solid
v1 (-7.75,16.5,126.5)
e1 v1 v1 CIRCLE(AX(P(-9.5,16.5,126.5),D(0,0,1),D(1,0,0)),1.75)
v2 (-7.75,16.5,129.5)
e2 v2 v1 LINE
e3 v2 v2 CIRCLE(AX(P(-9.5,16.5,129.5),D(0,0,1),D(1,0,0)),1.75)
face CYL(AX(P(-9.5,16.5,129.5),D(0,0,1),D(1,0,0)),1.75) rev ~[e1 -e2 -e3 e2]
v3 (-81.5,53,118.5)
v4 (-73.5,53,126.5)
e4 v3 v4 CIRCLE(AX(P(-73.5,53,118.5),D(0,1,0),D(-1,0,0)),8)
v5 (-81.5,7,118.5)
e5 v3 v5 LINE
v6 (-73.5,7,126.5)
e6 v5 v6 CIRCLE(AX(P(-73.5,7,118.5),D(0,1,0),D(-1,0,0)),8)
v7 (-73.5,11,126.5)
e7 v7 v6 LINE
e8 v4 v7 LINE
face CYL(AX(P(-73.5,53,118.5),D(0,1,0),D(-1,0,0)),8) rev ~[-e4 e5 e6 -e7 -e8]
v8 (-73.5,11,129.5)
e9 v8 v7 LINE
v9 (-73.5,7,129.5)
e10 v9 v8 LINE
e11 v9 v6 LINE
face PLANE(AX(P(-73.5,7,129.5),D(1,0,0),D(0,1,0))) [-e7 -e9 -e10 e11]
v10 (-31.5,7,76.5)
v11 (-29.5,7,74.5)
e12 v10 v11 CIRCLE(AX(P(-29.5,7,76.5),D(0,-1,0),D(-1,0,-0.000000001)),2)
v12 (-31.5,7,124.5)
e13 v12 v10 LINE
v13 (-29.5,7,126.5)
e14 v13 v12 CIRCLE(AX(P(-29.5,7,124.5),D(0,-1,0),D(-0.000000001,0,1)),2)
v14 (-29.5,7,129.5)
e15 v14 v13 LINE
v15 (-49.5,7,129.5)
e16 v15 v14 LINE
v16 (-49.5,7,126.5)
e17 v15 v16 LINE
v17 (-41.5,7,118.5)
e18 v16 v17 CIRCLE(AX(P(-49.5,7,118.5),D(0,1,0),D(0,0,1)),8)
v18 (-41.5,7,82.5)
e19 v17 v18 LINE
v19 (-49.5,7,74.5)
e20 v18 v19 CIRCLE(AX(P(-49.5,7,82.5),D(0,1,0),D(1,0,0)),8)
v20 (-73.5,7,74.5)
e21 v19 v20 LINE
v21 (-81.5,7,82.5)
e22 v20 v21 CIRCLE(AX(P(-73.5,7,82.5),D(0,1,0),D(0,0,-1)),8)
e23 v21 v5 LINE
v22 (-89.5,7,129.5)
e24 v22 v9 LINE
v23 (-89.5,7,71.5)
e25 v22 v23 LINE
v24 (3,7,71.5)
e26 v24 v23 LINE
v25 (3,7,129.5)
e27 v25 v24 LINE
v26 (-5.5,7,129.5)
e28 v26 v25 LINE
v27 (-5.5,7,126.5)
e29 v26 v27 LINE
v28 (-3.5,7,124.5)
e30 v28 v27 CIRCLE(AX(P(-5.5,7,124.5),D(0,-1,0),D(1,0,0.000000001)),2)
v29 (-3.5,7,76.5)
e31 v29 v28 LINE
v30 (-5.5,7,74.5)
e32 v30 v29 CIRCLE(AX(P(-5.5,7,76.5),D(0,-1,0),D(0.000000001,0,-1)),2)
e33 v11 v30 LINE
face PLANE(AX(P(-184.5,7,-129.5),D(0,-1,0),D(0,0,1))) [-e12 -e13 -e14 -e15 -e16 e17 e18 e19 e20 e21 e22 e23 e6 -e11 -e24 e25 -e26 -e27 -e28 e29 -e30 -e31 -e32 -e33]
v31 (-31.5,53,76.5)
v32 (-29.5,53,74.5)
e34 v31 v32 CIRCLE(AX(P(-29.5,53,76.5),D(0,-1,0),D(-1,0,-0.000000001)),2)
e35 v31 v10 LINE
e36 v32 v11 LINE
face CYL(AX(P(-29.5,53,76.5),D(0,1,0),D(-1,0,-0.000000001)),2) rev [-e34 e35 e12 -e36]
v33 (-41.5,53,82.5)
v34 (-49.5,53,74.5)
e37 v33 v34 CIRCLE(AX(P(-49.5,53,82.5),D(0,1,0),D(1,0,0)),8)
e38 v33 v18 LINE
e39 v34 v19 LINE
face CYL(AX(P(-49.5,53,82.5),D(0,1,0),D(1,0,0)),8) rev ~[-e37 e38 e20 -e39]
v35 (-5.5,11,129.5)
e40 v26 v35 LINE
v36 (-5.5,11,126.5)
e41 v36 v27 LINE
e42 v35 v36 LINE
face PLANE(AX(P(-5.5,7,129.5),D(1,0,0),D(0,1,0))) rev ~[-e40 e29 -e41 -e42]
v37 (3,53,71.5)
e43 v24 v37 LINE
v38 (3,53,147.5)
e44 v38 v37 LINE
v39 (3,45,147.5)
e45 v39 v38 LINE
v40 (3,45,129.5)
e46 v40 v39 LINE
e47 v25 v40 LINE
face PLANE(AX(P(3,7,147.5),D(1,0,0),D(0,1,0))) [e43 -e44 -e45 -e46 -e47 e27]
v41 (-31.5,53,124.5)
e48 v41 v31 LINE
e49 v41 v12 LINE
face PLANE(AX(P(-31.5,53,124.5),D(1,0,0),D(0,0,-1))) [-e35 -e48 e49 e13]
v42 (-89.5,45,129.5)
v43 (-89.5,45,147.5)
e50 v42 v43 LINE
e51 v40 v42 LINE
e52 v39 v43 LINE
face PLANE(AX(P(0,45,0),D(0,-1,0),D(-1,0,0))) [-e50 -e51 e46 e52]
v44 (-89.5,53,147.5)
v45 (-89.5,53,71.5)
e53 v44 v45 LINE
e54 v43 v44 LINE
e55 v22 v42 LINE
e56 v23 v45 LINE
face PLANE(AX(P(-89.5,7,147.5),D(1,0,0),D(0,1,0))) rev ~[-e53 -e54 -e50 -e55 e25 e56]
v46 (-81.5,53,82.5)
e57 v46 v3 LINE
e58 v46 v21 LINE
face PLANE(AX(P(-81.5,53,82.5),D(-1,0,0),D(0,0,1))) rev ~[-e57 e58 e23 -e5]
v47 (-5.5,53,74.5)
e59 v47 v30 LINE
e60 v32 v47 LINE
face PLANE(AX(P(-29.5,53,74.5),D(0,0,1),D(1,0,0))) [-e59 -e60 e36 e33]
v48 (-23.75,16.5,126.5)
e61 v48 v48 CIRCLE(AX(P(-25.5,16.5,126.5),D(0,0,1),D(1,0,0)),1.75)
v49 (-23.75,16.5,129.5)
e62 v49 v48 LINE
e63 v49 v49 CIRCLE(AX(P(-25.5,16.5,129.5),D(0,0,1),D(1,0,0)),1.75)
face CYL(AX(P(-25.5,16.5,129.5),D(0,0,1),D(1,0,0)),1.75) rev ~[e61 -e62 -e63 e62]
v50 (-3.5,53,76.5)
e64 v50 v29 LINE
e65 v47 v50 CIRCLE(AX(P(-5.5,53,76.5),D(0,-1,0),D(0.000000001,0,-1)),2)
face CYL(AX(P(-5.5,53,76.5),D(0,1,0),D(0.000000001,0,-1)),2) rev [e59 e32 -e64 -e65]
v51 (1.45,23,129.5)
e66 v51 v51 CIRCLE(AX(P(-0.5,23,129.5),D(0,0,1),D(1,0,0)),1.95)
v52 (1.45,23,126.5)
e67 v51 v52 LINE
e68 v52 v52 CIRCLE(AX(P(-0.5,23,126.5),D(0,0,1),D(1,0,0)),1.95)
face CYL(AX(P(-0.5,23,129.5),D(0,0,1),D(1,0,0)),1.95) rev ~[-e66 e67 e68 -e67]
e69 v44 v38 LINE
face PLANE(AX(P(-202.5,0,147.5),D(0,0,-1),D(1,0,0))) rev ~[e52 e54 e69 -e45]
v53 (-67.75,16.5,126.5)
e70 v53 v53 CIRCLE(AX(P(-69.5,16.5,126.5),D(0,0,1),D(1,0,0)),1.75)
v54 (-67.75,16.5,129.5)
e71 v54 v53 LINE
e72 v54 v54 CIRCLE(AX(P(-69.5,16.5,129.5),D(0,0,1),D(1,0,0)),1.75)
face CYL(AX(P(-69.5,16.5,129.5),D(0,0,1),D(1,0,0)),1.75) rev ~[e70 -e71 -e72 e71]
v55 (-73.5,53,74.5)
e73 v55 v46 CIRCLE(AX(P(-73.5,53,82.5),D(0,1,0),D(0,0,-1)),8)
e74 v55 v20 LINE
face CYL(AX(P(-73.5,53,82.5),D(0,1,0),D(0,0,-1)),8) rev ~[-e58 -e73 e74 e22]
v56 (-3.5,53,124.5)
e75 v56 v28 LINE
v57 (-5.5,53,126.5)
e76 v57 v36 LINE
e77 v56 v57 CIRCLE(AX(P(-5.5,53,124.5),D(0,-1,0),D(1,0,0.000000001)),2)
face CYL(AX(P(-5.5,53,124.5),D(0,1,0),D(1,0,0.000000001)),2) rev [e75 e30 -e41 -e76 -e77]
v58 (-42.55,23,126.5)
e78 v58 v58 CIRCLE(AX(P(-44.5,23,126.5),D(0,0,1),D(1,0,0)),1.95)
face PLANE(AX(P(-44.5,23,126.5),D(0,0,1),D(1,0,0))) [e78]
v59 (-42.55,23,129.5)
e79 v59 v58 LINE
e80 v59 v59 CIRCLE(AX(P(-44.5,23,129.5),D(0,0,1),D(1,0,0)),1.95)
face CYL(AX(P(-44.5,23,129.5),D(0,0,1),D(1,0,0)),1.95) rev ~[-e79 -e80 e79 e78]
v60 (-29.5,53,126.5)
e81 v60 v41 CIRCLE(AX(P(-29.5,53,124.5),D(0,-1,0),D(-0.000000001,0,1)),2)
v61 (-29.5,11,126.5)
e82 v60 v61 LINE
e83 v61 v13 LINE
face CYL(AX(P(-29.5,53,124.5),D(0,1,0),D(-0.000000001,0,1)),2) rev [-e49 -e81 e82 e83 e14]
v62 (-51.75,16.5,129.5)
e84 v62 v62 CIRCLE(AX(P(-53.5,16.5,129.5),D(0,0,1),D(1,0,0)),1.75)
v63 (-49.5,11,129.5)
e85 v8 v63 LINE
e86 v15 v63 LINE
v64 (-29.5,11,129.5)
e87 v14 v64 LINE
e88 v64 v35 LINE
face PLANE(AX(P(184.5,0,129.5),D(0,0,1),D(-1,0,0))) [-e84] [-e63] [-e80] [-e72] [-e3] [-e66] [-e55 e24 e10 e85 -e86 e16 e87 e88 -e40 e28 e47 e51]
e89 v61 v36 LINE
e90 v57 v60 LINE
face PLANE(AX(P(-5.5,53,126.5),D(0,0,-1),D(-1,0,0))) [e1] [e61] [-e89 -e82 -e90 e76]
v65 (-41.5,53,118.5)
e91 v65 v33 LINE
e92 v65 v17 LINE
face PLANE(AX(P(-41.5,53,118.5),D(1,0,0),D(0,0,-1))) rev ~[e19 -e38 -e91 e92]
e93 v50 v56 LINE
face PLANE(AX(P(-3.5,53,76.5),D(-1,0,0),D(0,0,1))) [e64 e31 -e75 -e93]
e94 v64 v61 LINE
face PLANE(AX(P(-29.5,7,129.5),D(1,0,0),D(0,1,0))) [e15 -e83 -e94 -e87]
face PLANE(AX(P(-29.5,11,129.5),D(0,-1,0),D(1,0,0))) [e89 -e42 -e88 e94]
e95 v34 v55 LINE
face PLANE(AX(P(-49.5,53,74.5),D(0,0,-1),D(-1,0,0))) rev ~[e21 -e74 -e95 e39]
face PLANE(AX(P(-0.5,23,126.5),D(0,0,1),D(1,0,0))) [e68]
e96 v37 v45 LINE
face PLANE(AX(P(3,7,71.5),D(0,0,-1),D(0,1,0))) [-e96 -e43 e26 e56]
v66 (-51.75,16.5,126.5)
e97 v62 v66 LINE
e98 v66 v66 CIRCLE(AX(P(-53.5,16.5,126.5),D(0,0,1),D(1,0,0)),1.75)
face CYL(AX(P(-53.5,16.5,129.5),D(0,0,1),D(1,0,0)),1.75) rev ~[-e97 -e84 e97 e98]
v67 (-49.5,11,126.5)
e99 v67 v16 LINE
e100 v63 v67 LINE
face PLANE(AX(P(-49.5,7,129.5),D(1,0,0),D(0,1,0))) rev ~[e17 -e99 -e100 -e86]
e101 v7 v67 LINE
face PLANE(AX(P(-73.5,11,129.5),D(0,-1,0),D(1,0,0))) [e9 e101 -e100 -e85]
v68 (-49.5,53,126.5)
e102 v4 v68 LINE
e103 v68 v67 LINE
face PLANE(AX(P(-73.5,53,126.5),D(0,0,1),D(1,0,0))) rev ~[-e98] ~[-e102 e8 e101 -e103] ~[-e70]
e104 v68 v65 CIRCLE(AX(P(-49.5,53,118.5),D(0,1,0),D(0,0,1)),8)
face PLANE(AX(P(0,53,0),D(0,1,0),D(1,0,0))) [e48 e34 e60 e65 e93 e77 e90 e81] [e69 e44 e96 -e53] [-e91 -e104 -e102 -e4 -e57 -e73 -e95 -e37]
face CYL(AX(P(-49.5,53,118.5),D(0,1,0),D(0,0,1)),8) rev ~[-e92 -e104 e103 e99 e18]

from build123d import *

# Parameters (mm, degrees)
SKETCH1_W                  = 405
SKETCH1_H                  = 295
BOSS_EXTRUDE1_DEPTH        = 53
SKETCH3_OUTSIDE_W          = 507.768
SKETCH3_OUTSIDE_H          = 397.768
SKETCH3_OUTSIDE_W_2        = 369
SKETCH3_OUTSIDE_H_2        = 259
CUT_EXTRUDE2_DEPTH         = 45
MINI_BIN_CUTS_DEPTH        = 46
FILLET1_R                  = 8
SKETCH6_W                  = 259
SKETCH6_H                  = 7
CUT_EXTRUDE5_DEPTH         = 418.533531588
SKETCH8_R                  = 1.75
SKETCH8_R_2                = 1.95
HOLES_LIDS_8_9_12_13_DEPTH = 3
SKETCH9_W                  = 113
SKETCH9_H                  = 46
SKETCH9_W_2                = 199.5
CUT_EXTRUDE6_DEPTH         = 362.718467872
SKETCH10_W                 = 219
SKETCH10_H                 = 46
CUT_EXTRUDE7_DEPTH         = 182.993131739
CUT_EXTRUDE8_REACH         = 121.093
SKETCH11_W                 = 24
SKETCH11_H                 = 4


with BuildPart() as part:
    # Sketch1 → Boss-Extrude1 (new body)
    with BuildSketch(Plane(origin=(0, 0, 0), x_dir=(1, 0, 0), z_dir=(0, 1, 0))):
        Rectangle(SKETCH1_W, SKETCH1_H)
    extrude(amount=BOSS_EXTRUDE1_DEPTH)

    # Sketch3 outside → Cut-Extrude2 (cut)
    with BuildSketch(Plane(origin=(0, 0, 0), x_dir=(-1, 0, 0), z_dir=(0, -1, 0))):
        Rectangle(SKETCH3_OUTSIDE_W, SKETCH3_OUTSIDE_H)
        Rectangle(SKETCH3_OUTSIDE_W_2, SKETCH3_OUTSIDE_H_2, mode=Mode.SUBTRACT)
    extrude(amount=-CUT_EXTRUDE2_DEPTH, mode=Mode.SUBTRACT)

    # Sketch2 → Mini bin cuts (cut)
    with BuildSketch(Plane(origin=(0, 53, 0), x_dir=(1, 0, 0), z_dir=(0, 1, 0))):
        with BuildLine():
            Line((-173.5, -126.5), (-105.5, -126.5))
            ThreePointArc((-105.5, -126.5), (-99.843145751, -124.156854249), (-97.5, -118.5))
            Line((-97.5, -118.5), (-97.5, -49.5))
            ThreePointArc((-97.5, -49.5), (-99.843145751, -43.843145751), (-105.5, -41.5))
            Line((-105.5, -41.5), (-173.5, -41.5))
            ThreePointArc((-173.5, -41.5), (-179.156854249, -43.843145751), (-181.5, -49.5))
            Line((-181.5, -49.5), (-181.5, -118.5))
            ThreePointArc((-181.5, -118.5), (-179.156854249, -124.156854249), (-173.5, -126.5))
        make_face()
        with BuildLine():
            Line((-173.5, -31.5), (-105.5, -31.5))
            ThreePointArc((-105.5, -31.5), (-99.843145751, -29.156854249), (-97.5, -23.5))
            Line((-97.5, -23.5), (-97.5, 40.5))
            ThreePointArc((-97.5, 40.5), (-99.843145751, 46.156854249), (-105.5, 48.5))
            Line((-105.5, 48.5), (-173.5, 48.5))
            ThreePointArc((-173.5, 48.5), (-179.156854249, 46.156854249), (-181.5, 40.5))
            Line((-181.5, 40.5), (-181.5, -23.5))
            ThreePointArc((-181.5, -23.5), (-179.156854249, -29.156854249), (-173.5, -31.5))
        make_face()
        with BuildLine():
            Line((-173.5, 126.5), (-105.5, 126.5))
            ThreePointArc((-105.5, 126.5), (-99.843145751, 124.156854249), (-97.5, 118.5))
            Line((-97.5, 118.5), (-97.5, 66.5))
            ThreePointArc((-97.5, 66.5), (-99.843145751, 60.843145751), (-105.5, 58.5))
            Line((-105.5, 58.5), (-173.5, 58.5))
            ThreePointArc((-173.5, 58.5), (-179.156854249, 60.843145751), (-181.5, 66.5))
            Line((-181.5, 66.5), (-181.5, 118.5))
            ThreePointArc((-181.5, 118.5), (-179.156854249, 124.156854249), (-173.5, 126.5))
        make_face()
        with BuildLine():
            Line((173.5, -126.5), (115.5, -126.5))
            ThreePointArc((115.5, -126.5), (109.843145751, -124.156854249), (107.5, -118.5))
            Line((107.5, -118.5), (107.5, 7.5))
            ThreePointArc((107.5, 7.5), (109.843145751, 13.156854249), (115.5, 15.5))
            Line((115.5, 15.5), (173.5, 15.5))
            ThreePointArc((173.5, 15.5), (179.156854249, 13.156854249), (181.5, 7.5))
            Line((181.5, 7.5), (181.5, -118.5))
            ThreePointArc((181.5, -118.5), (179.156854249, -124.156854249), (173.5, -126.5))
        make_face()
        with BuildLine():
            Line((173.5, 126.5), (107.5, 126.5))
            ThreePointArc((107.5, 126.5), (101.843145751, 124.156854249), (99.5, 118.5))
            Line((99.5, 118.5), (99.5, 33.5))
            ThreePointArc((99.5, 33.5), (101.843145751, 27.843145751), (107.5, 25.5))
            Line((107.5, 25.5), (173.5, 25.5))
            ThreePointArc((173.5, 25.5), (179.156854249, 27.843145751), (181.5, 33.5))
            Line((181.5, 33.5), (181.5, 118.5))
            ThreePointArc((181.5, 118.5), (179.156854249, 124.156854249), (173.5, 126.5))
        make_face()
        with BuildLine():
            Line((81.5, 126.5), (20.5, 126.5))
            ThreePointArc((20.5, 126.5), (14.843145751, 124.156854249), (12.5, 118.5))
            Line((12.5, 118.5), (12.5, -7.5))
            ThreePointArc((12.5, -7.5), (14.843145751, -13.156854249), (20.5, -15.5))
            Line((20.5, -15.5), (81.5, -15.5))
            ThreePointArc((81.5, -15.5), (87.156854249, -13.156854249), (89.5, -7.5))
            Line((89.5, -7.5), (89.5, 118.5))
            ThreePointArc((89.5, 118.5), (87.156854249, 124.156854249), (81.5, 126.5))
        make_face()
        with BuildLine():
            Line((-9.5, 126.5), (-31.5, 126.5))
            ThreePointArc((-31.5, 126.5), (-37.156854249, 124.156854249), (-39.5, 118.5))
            Line((-39.5, 118.5), (-39.5, 11.5))
            ThreePointArc((-39.5, 11.5), (-37.156854249, 5.843145751), (-31.5, 3.5))
            Line((-31.5, 3.5), (-9.5, 3.5))
            ThreePointArc((-9.5, 3.5), (-3.843145751, 5.843145751), (-1.5, 11.5))
            Line((-1.5, 11.5), (-1.5, 118.5))
            ThreePointArc((-1.5, 118.5), (-3.843145751, 124.156854249), (-9.5, 126.5))
        make_face()
        with BuildLine():
            Line((-57.5, 126.5), (-79.5, 126.5))
            ThreePointArc((-79.5, 126.5), (-85.156854249, 124.156854249), (-87.5, 118.5))
            Line((-87.5, 118.5), (-87.5, 11.5))
            ThreePointArc((-87.5, 11.5), (-85.156854249, 5.843145751), (-79.5, 3.5))
            Line((-79.5, 3.5), (-57.5, 3.5))
            ThreePointArc((-57.5, 3.5), (-51.843145751, 5.843145751), (-49.5, 11.5))
            Line((-49.5, 11.5), (-49.5, 118.5))
            ThreePointArc((-49.5, 118.5), (-51.843145751, 124.156854249), (-57.5, 126.5))
        make_face()
        with BuildLine():
            Line((-79.5, -15.5), (-55.5, -15.5))
            ThreePointArc((-55.5, -15.5), (-54.085786438, -16.085786438), (-53.5, -17.5))
            Line((-53.5, -17.5), (-53.5, -65.5))
            ThreePointArc((-53.5, -65.5), (-54.085786438, -66.914213562), (-55.5, -67.5))
            Line((-55.5, -67.5), (-79.5, -67.5))
            ThreePointArc((-79.5, -67.5), (-80.914213562, -66.914213562), (-81.5, -65.5))
            Line((-81.5, -65.5), (-81.5, -17.5))
            ThreePointArc((-81.5, -17.5), (-80.914213562, -16.085786438), (-79.5, -15.5))
        make_face()
        with BuildLine():
            Line((-73.5, -126.5), (-49.5, -126.5))
            ThreePointArc((-49.5, -126.5), (-43.843145751, -124.156854249), (-41.5, -118.5))
            Line((-41.5, -118.5), (-41.5, -82.5))
            ThreePointArc((-41.5, -82.5), (-43.843145751, -76.843145751), (-49.5, -74.5))
            Line((-49.5, -74.5), (-73.5, -74.5))
            ThreePointArc((-73.5, -74.5), (-79.156854249, -76.843145751), (-81.5, -82.5))
            Line((-81.5, -82.5), (-81.5, -118.5))
            ThreePointArc((-81.5, -118.5), (-79.156854249, -124.156854249), (-73.5, -126.5))
        make_face()
        with BuildLine():
            Line((-35.5, -15.5), (-11.5, -15.5))
            ThreePointArc((-11.5, -15.5), (-5.843145751, -17.843145751), (-3.5, -23.5))
            Line((-3.5, -23.5), (-3.5, -59.5))
            ThreePointArc((-3.5, -59.5), (-5.843145751, -65.156854249), (-11.5, -67.5))
            Line((-11.5, -67.5), (-35.5, -67.5))
            ThreePointArc((-35.5, -67.5), (-41.156854249, -65.156854249), (-43.5, -59.5))
            Line((-43.5, -59.5), (-43.5, -23.5))
            ThreePointArc((-43.5, -23.5), (-41.156854249, -17.843145751), (-35.5, -15.5))
        make_face()
        with BuildLine():
            Line((-29.5, -74.5), (-5.5, -74.5))
            ThreePointArc((-5.5, -74.5), (-4.085786438, -75.085786438), (-3.5, -76.5))
            Line((-3.5, -76.5), (-3.5, -124.5))
            ThreePointArc((-3.5, -124.5), (-4.085786438, -125.914213562), (-5.5, -126.5))
            Line((-5.5, -126.5), (-29.5, -126.5))
            ThreePointArc((-29.5, -126.5), (-30.914213562, -125.914213562), (-31.5, -124.5))
            Line((-31.5, -124.5), (-31.5, -76.5))
            ThreePointArc((-31.5, -76.5), (-30.914213562, -75.085786438), (-29.5, -74.5))
        make_face()
        with BuildLine():
            Line((89.5, -126.5), (19.5, -126.5))
            ThreePointArc((19.5, -126.5), (13.843145751, -124.156854249), (11.5, -118.5))
            Line((11.5, -118.5), (11.5, -33.5))
            ThreePointArc((11.5, -33.5), (13.843145751, -27.843145751), (19.5, -25.5))
            Line((19.5, -25.5), (89.5, -25.5))
            ThreePointArc((89.5, -25.5), (95.156854249, -27.843145751), (97.5, -33.5))
            Line((97.5, -33.5), (97.5, -118.5))
            ThreePointArc((97.5, -118.5), (95.156854249, -124.156854249), (89.5, -126.5))
        make_face()
    extrude(amount=-MINI_BIN_CUTS_DEPTH, mode=Mode.SUBTRACT)

    # Fillet1
    fillet1_edges = [part.edges().sort_by_distance(p)[0] for p in [
        (184.5, 22.5, 129.5),
        (184.5, 22.5, -129.5),
        (-184.5, 22.5, -129.5),
        (-184.5, 22.5, 129.5),
    ]]
    fillet(fillet1_edges, radius=FILLET1_R)

    # Sketch6 → Cut-Extrude5 (cut, through all)
    with BuildSketch(Plane.ZY.offset(184.5)):
        with Locations((0, 3.5)):
            Rectangle(SKETCH6_W, SKETCH6_H)
    extrude(amount=-CUT_EXTRUDE5_DEPTH, mode=Mode.SUBTRACT)

    # Sketch8 → Holes Lids 8,9,12,13 (cut)
    with BuildSketch(Plane.XY.offset(129.5)):
        with Locations((-69.5, 16.5)):
            Circle(SKETCH8_R)
        with Locations((-25.5, 16.5)):
            Circle(SKETCH8_R)
        with Locations((46.5, 16.5)):
            Circle(SKETCH8_R)
        with Locations((136.5, 16.5)):
            Circle(SKETCH8_R)
        with Locations((152.5, 16.5)):
            Circle(SKETCH8_R)
        with Locations((62.5, 16.5)):
            Circle(SKETCH8_R)
        with Locations((-9.5, 16.5)):
            Circle(SKETCH8_R)
        with Locations((-53.5, 16.5)):
            Circle(SKETCH8_R)
        with Locations((-44.5, 23)):
            Circle(SKETCH8_R_2)
        with Locations((-0.5, 23)):
            Circle(SKETCH8_R_2)
        with Locations((71.5, 23)):
            Circle(SKETCH8_R_2)
        with Locations((161.5, 23)):
            Circle(SKETCH8_R_2)
    extrude(amount=-HOLES_LIDS_8_9_12_13_DEPTH, mode=Mode.SUBTRACT)

    # Sketch9 → Cut-Extrude6 (cut, through all)
    with BuildSketch(Plane.XY.offset(147.5)):
        with Locations((-146, 30)):
            Rectangle(SKETCH9_W, SKETCH9_H)
        with Locations((102.75, 30)):
            Rectangle(SKETCH9_W_2, SKETCH9_H)
    extrude(amount=-CUT_EXTRUDE6_DEPTH, mode=Mode.SUBTRACT)

    # Sketch10 → Cut-Extrude7 (cut, through all)
    with BuildSketch(Plane(origin=(3, 0, 0), x_dir=(0, 0, -1), z_dir=(1, 0, 0))):
        with Locations((38, 30)):
            Rectangle(SKETCH10_W, SKETCH10_H)
    extrude(amount=-CUT_EXTRUDE7_DEPTH, mode=Mode.SUBTRACT)

    # Cut-Extrude8: up to this face of the body (flat: up to its plane)
    cut_extrude8_end = Plane(part.part.faces().sort_by_distance((-61.5, 30.239473231, 126.5))[0])
    # Sketch11 → Cut-Extrude8 (cut, up to the picked face)
    with BuildSketch(Plane.XY.offset(129.5), mode=Mode.PRIVATE) as cut_extrude8_sk1:
        with Locations((-61.5, 9)):
            Rectangle(SKETCH11_W, SKETCH11_H)
    cut_extrude8_tool1 = split(extrude(cut_extrude8_sk1.sketch, amount=-CUT_EXTRUDE8_REACH, mode=Mode.PRIVATE), bisect_by=cut_extrude8_end, keep=Keep.BOTH, mode=Mode.PRIVATE)
    # Sketch11 → Cut-Extrude8 (cut, up to the picked face)
    with BuildSketch(Plane.XY.offset(129.5), mode=Mode.PRIVATE) as cut_extrude8_sk2:
        with Locations((-17.5, 9)):
            Rectangle(SKETCH11_W, SKETCH11_H)
    cut_extrude8_tool2 = split(extrude(cut_extrude8_sk2.sketch, amount=-CUT_EXTRUDE8_REACH, mode=Mode.PRIVATE), bisect_by=cut_extrude8_end, keep=Keep.BOTH, mode=Mode.PRIVATE)
    add(cut_extrude8_tool1.solids().sort_by(Axis((-61.5, 9, 129.5), (0, 0, -1)))[0], mode=Mode.SUBTRACT)
    add(cut_extrude8_tool2.solids().sort_by(Axis((-17.5, 9, 129.5), (0, 0, -1)))[0], mode=Mode.SUBTRACT)


solid = part.part
